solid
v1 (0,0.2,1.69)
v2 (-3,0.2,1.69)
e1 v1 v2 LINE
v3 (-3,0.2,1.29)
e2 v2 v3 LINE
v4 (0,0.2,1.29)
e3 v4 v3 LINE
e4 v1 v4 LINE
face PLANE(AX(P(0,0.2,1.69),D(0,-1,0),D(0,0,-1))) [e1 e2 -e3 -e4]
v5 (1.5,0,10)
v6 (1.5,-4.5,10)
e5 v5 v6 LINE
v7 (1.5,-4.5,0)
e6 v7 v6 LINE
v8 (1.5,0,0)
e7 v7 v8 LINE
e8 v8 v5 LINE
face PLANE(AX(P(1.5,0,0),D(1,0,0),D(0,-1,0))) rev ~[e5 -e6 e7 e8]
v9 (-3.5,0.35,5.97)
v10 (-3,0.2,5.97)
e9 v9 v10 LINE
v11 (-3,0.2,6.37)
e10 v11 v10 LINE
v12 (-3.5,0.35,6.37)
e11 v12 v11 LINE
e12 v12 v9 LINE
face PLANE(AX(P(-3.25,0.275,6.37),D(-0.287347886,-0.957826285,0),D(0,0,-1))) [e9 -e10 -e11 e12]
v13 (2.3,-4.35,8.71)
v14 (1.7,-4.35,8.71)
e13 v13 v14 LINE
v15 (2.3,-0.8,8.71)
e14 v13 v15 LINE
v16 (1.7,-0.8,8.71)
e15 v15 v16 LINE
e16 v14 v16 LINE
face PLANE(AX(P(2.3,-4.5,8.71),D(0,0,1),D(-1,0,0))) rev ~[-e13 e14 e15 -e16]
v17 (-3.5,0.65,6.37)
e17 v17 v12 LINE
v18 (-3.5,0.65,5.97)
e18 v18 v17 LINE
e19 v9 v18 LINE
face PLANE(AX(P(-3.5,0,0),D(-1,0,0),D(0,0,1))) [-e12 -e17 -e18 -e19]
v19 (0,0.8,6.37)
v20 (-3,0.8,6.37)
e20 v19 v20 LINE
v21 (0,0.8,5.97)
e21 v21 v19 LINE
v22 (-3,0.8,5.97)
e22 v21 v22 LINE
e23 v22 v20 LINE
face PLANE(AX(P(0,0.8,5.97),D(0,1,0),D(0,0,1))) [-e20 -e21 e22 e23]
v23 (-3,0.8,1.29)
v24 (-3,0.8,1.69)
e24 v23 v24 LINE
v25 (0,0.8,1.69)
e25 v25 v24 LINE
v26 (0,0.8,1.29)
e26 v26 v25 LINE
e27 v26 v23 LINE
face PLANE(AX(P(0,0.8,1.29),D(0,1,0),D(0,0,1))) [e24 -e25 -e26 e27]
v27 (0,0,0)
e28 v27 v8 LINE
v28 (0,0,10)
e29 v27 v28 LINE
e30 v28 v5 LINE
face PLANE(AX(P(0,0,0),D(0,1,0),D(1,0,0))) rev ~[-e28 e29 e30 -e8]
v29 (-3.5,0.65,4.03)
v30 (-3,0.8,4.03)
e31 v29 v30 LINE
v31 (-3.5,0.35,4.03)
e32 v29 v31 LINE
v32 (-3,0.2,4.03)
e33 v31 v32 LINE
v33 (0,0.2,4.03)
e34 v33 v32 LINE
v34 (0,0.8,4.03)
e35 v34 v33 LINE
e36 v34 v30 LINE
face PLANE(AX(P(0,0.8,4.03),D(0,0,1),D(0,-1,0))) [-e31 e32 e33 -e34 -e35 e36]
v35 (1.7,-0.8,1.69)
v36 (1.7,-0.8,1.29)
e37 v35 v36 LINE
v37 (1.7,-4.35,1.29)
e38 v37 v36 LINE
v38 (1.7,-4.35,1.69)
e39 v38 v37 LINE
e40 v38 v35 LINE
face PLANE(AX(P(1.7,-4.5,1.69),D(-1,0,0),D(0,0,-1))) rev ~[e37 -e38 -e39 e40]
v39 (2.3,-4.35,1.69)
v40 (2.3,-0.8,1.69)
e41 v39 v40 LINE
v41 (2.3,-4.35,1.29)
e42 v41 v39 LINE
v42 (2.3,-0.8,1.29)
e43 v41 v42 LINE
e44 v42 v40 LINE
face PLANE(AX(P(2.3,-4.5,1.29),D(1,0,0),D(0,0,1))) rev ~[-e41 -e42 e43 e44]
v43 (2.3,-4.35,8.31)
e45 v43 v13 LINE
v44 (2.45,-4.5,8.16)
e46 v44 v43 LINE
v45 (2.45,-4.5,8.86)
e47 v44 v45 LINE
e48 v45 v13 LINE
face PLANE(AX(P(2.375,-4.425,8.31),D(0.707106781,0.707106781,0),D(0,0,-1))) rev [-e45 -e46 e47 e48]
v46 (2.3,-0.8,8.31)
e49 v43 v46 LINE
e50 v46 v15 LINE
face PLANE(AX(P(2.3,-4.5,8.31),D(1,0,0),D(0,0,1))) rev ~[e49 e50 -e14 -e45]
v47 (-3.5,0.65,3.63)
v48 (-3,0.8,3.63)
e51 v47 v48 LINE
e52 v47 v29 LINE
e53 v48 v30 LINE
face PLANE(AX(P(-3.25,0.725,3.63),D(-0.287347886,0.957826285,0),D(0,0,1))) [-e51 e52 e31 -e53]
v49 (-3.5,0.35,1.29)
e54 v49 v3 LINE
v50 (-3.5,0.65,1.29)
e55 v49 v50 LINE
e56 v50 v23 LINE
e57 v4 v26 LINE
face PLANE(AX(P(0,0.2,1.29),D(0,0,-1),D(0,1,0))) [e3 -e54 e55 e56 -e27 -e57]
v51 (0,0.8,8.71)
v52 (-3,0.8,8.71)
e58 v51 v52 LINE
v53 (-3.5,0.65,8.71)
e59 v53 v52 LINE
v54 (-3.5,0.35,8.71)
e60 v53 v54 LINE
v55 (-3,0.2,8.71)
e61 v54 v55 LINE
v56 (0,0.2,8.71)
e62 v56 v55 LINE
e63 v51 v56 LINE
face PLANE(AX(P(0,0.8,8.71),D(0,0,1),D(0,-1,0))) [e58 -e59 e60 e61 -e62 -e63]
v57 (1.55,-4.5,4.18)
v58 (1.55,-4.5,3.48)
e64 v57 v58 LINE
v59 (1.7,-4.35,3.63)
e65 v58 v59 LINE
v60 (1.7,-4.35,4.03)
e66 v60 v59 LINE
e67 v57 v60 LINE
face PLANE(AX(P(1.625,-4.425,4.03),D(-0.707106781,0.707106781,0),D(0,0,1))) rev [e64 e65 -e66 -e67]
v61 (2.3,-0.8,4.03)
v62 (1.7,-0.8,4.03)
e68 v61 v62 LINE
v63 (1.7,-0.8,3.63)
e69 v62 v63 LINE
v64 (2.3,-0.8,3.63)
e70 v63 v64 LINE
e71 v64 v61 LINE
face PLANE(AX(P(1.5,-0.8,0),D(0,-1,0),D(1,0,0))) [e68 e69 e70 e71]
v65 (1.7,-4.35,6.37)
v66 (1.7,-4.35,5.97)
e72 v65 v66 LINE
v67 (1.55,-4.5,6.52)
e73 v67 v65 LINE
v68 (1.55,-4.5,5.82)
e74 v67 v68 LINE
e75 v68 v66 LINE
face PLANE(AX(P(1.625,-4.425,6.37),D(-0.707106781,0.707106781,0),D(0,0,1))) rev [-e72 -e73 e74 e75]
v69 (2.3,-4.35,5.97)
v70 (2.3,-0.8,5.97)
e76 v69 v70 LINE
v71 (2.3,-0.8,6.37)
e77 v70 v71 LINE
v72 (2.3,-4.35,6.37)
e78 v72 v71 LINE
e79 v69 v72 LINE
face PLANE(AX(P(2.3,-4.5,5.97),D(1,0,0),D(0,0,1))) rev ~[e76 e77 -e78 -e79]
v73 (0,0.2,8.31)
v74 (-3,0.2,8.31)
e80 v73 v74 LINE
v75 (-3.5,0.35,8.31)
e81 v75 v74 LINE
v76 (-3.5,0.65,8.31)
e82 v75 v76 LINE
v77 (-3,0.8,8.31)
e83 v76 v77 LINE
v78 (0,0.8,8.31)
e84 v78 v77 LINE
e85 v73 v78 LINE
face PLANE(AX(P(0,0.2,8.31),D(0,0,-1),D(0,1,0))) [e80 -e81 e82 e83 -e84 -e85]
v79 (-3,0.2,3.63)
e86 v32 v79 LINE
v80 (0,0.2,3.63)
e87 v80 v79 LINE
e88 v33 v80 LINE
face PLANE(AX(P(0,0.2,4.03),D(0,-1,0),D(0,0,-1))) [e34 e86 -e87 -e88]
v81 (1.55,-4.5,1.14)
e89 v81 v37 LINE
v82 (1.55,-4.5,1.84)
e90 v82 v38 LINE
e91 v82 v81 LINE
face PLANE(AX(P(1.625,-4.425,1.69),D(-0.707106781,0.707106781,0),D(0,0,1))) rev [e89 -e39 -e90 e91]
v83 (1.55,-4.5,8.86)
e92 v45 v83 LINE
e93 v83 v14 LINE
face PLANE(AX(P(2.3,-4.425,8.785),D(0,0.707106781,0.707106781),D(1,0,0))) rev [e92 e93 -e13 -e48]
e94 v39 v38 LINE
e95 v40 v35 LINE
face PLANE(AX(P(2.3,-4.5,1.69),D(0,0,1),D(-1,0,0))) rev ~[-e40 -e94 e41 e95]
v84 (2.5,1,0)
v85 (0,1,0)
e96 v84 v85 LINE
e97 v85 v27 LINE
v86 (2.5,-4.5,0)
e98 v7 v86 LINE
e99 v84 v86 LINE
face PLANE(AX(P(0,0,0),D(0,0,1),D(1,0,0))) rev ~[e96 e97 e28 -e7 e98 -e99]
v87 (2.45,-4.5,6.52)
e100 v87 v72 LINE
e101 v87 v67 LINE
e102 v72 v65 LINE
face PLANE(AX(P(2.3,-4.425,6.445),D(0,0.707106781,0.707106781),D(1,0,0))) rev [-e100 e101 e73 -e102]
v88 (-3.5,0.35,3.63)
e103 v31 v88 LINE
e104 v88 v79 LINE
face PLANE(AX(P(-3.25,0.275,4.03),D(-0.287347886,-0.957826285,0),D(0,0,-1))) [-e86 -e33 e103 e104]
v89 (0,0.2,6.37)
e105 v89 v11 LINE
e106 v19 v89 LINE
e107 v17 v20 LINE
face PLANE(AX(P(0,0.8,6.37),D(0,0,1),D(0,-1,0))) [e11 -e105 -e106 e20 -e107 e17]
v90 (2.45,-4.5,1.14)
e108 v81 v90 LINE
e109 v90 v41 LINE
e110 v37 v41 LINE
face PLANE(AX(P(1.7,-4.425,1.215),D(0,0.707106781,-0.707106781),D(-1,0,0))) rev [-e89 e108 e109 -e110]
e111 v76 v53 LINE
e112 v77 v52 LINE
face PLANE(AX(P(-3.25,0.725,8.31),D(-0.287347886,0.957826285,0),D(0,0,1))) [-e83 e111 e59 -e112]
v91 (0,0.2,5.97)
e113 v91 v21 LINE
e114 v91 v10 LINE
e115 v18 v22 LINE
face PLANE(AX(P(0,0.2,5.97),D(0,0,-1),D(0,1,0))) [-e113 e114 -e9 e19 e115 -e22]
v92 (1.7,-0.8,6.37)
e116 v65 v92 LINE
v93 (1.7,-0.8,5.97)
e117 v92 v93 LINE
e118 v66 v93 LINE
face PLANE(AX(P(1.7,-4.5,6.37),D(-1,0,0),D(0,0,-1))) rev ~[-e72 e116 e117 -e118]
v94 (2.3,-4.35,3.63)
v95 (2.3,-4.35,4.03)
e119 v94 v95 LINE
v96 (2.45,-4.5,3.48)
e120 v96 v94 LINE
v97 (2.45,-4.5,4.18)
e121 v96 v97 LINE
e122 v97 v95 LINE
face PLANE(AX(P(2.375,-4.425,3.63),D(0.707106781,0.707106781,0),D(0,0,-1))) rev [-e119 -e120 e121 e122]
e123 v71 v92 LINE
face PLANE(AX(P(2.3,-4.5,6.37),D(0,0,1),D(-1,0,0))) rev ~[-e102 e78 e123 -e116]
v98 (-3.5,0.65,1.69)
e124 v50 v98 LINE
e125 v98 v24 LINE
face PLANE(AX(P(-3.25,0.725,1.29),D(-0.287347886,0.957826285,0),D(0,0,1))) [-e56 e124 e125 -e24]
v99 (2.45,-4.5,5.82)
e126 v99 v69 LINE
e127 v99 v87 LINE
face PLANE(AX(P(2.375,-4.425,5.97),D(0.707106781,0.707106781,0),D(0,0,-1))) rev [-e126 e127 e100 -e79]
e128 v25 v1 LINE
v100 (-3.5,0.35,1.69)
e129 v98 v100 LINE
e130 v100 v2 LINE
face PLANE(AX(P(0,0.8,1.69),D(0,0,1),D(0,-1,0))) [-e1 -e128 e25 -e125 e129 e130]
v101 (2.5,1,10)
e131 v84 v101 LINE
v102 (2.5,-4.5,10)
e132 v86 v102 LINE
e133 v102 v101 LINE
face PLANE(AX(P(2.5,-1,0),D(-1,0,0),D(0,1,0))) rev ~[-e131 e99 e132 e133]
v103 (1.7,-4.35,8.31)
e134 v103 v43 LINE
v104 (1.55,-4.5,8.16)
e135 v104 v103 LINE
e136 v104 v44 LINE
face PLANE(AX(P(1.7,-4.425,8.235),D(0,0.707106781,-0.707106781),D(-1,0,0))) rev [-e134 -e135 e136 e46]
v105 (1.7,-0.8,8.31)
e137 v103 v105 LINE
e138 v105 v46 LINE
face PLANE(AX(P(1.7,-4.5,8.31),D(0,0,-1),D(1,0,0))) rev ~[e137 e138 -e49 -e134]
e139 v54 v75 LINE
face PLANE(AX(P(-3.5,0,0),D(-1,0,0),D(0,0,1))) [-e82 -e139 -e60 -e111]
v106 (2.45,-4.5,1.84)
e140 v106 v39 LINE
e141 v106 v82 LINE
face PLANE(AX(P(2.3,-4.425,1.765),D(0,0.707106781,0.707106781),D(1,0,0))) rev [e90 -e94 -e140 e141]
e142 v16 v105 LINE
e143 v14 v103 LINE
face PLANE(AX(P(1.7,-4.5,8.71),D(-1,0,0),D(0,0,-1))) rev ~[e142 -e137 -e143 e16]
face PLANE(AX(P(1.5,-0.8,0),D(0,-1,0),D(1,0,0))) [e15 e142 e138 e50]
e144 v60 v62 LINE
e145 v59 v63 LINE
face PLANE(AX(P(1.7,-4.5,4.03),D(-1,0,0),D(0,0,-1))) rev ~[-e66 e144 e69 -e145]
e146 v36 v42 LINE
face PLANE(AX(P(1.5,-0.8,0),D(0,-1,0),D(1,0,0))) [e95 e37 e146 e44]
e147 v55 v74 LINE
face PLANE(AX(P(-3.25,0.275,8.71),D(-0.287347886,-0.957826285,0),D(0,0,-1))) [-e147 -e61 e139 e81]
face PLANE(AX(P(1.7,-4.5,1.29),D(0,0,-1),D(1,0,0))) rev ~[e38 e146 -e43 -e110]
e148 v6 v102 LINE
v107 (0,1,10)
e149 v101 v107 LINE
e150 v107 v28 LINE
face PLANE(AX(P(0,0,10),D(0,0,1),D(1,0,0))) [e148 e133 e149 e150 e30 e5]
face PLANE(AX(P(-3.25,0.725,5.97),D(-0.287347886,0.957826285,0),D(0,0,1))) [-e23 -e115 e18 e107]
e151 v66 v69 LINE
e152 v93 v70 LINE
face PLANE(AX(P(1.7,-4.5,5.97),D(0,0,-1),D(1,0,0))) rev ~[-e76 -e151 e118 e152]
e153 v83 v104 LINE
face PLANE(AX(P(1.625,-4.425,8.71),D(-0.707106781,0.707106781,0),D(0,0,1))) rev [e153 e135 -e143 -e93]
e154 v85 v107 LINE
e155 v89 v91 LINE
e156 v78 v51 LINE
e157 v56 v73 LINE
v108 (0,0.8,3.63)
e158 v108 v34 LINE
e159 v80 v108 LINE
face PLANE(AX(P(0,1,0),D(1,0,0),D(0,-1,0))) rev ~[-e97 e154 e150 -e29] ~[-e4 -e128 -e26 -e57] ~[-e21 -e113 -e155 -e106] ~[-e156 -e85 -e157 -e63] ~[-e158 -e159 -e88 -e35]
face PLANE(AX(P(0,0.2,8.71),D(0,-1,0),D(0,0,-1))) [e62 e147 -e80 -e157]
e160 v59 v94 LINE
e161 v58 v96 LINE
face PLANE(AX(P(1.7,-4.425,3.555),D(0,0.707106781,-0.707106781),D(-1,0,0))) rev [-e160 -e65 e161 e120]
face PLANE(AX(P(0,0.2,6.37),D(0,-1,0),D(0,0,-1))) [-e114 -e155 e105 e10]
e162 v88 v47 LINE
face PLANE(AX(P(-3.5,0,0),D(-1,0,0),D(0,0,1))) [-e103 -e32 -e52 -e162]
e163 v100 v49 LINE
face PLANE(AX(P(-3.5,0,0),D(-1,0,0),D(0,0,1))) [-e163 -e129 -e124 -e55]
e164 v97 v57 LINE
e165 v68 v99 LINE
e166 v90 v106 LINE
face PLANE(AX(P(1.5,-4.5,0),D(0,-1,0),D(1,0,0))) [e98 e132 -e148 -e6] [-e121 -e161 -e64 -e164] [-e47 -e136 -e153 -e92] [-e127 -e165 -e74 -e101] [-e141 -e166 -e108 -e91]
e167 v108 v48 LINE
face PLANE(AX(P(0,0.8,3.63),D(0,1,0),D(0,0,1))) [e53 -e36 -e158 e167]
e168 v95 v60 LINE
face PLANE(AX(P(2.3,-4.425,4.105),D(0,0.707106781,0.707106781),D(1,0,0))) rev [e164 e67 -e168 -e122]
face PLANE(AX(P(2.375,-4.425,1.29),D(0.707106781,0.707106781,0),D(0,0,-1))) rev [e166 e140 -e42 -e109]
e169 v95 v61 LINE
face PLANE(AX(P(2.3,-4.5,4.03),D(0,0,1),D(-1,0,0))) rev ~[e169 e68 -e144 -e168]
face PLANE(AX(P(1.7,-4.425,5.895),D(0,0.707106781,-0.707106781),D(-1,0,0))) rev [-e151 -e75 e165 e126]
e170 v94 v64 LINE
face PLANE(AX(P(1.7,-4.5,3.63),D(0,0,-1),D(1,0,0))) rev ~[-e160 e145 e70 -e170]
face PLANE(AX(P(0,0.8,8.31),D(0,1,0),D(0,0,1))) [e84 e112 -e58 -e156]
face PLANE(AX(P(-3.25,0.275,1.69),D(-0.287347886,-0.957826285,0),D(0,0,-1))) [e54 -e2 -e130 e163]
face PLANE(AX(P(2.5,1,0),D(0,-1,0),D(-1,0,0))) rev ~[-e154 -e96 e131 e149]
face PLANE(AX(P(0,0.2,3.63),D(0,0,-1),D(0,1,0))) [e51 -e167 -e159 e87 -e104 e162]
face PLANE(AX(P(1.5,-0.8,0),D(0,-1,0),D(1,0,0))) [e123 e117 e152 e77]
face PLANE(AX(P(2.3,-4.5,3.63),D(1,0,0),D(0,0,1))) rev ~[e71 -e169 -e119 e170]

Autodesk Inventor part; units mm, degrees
ref_plane "YZ Plane" through (0, 0, 0) normal (1, 0, 0) x (0, 1, 0)
ref_plane "XZ Plane" through (0, 0, 0) normal (0, 1, 0) x (-1, 0, 0)
ref_plane "XY Plane" through (0, 0, 0) normal (0, 0, 1) x (1, 0, 0)
sketch "Sketch4" plane through (0, 0, 0) normal (0, 0, 1) x (1, 0, 0)
  line L0 (0, 0) -> (1.5, 0)
  line L1 (1.5, 0) -> (1.5, -1)
  line L2 (1.5, -1) -> (2.5, -1)
  line L3 (2.5, -1) -> (2.5, 1)
  line L4 (2.5, 1) -> (0, 1)
  line L5 (0, 1) -> (0, 0)
  dimension "d22" = 1.5
  dimension "d23" = 1
  dimension "d24" = 1
  dimension "d25" = 2
extrude "Extrusion4" add sketch "Sketch4" along normal blind 10
sketch "Sketch5" plane through (1.5, -1, 0) normal (0, -1, 0) x (1, 0, 0)
  line L0 (0, 0) -> (1, 0) projected
  line L1 (1, 0) -> (1, 10) projected
  line L2 (0, 10) -> (1, 10) projected
  line L3 (0, 0) -> (0, 10) projected
  point P0 (-1.5, 0)
extrude "Extrusion5" add sketch "Sketch5" along normal blind 3.5
sketch "Sketch6" plane through (0, 0, 0) normal (-1, 0, 0) x (0, 0, 1)
  line L0 (0, 0) -> (10, 0) projected
  line L1 (1.29, 0.8) -> (1.69, 0.8)
  line L2 (1.69, 0.8) -> (1.69, 0.2)
  line L3 (1.69, 0.2) -> (1.29, 0.2)
  line L4 (1.29, 0.2) -> (1.29, 0.8)
  line L5 (3.63, 0.8) -> (4.03, 0.8)
  line L6 (4.03, 0.8) -> (4.03, 0.2)
  line L7 (4.03, 0.2) -> (3.63, 0.2)
  line L8 (3.63, 0.2) -> (3.63, 0.8)
  line L9 (5.97, 0.8) -> (6.37, 0.8)
  line L10 (6.37, 0.8) -> (6.37, 0.2)
  line L11 (6.37, 0.2) -> (5.97, 0.2)
  line L12 (5.97, 0.2) -> (5.97, 0.8)
  line L13 (0, 1) -> (0, 0) projected
  line L14 (10, 1) -> (10, 0) projected
  line L15 (8.31, 0.8) -> (8.71, 0.8)
  line L16 (8.71, 0.8) -> (8.71, 0.2)
  line L17 (8.71, 0.2) -> (8.31, 0.2)
  line L18 (8.31, 0.2) -> (8.31, 0.8)
  line L19 (0, 1) -> (10, 1) projected
  dimension "d30" = 0.4
  dimension "d31" = 0.6
  dimension "d32" = 0.4
  dimension "d33" = 0.6
  dimension "d36" = 0.4
  dimension "d37" = 0.6
  dimension "d38" = 1.94
  dimension "d40" = 0.2
  dimension "d41" = 0.2
  dimension "d42" = 0.2
  dimension "d49" = 1.29
  dimension "d50" = 1.94
  dimension "d51" = 0.4
  dimension "d52" = 0.6
  dimension "d53" = 0.2
  dimension "d54" = 1.94
  dimension "d55" = 1.29
  dimension "d80" = 0.2
extrude "Extrusion6" add sketch "Sketch6" along normal blind 3.5 contours L1 L2 L3 L4 | L5 L6 L7 L8 | L9 L10 L11 L12 | L15 L16 L17 L18
chamfer "Chamfer5" distance 0.15 distance2 0.5 1 edges at (-3.5, 0.2, 1.49) measured on face at (-3.5, 0.6, 1.4233)
chamfer "Chamfer6" distance 0.15 distance2 0.5 1 edges at (-3.5, 0.8, 1.49) measured on face at (-3.5, 0.65, 1.4233)
chamfer "Chamfer7" distance 0.15 distance2 0.5 1 edges at (-3.5, 0.2, 3.83) measured on face at (-3.5, 0.6, 3.7633)
chamfer "Chamfer8" distance 0.15 distance2 0.5 1 edges at (-3.5, 0.8, 3.83) measured on face at (-3.5, 0.65, 3.7633)
chamfer "Chamfer9" distance 0.15 distance2 0.5 1 edges at (-3.5, 0.2, 6.17) measured on face at (-3.5, 0.6, 6.1033)
chamfer "Chamfer10" distance 0.15 distance2 0.5 1 edges at (-3.5, 0.8, 6.17) measured on face at (-3.5, 0.65, 6.1033)
chamfer "Chamfer11" distance 0.15 distance2 0.5 1 edges at (-3.5, 0.8, 8.51) measured on face at (-3.5, 0.4, 8.5767)
chamfer "Chamfer12" distance 0.15 distance2 0.5 1 edges at (-3.5, 0.2, 8.51) measured on face at (-3.5, 0.35, 8.5767)
sketch "Sketch7" plane through (1.5, -4.5, 0) normal (0, -1, 0) x (1, 0, 0)
  line L0 (0, 10) -> (0, 0) projected
  line L1 (0.8, 8.71) -> (0.2, 8.71)
  line L2 (0.2, 8.71) -> (0.2, 8.31)
  line L3 (0.2, 8.31) -> (0.8, 8.31)
  line L4 (0.8, 8.31) -> (0.8, 8.71)
  line L5 (0.8, 6.37) -> (0.2, 6.37)
  line L6 (0.2, 6.37) -> (0.2, 5.97)
  line L7 (0.2, 5.97) -> (0.8, 5.97)
  line L8 (0.8, 5.97) -> (0.8, 6.37)
  line L9 (0.8, 4.03) -> (0.2, 4.03)
  line L10 (0.2, 4.03) -> (0.2, 3.63)
  line L11 (0.2, 3.63) -> (0.8, 3.63)
  line L12 (0.8, 3.63) -> (0.8, 4.03)
  line L13 (0.8, 1.69) -> (0.2, 1.69)
  line L14 (0.2, 1.69) -> (0.2, 1.29)
  line L15 (0.2, 1.29) -> (0.8, 1.29)
  line L16 (0.8, 1.29) -> (0.8, 1.69)
  point P0 (-1.5, 0)
  dimension "d81" = 0.6
  dimension "d82" = 0.4
  dimension "d83" = 0.4
  dimension "d84" = 0.4
  dimension "d85" = 0.4
  dimension "d86" = 0.2
extrude "Extrusion7" cut sketch "Sketch7" against normal blind 3.7
chamfer "Chamfer13" distance 0.15 angle 45 4 edges at (2, -4.5, 4.03) (2.3, -4.5, 3.83) (2, -4.5, 3.63) (1.7, -4.5, 3.83)
chamfer "Chamfer14" distance 0.15 angle 45 4 edges at (2, -4.5, 1.69) (2.3, -4.5, 1.49) (2, -4.5, 1.29) (1.7, -4.5, 1.49)
chamfer "Chamfer15" distance 0.15 angle 45 4 edges at (2.3, -4.5, 6.17) (2, -4.5, 6.37) (1.7, -4.5, 6.17) (2, -4.5, 5.97)
chamfer "Chamfer16" distance 0.15 angle 45 4 edges at (2, -4.5, 8.31) (2.3, -4.5, 8.51) (2, -4.5, 8.71) (1.7, -4.5, 8.51)
properties part number "Pin Connector Curved"
